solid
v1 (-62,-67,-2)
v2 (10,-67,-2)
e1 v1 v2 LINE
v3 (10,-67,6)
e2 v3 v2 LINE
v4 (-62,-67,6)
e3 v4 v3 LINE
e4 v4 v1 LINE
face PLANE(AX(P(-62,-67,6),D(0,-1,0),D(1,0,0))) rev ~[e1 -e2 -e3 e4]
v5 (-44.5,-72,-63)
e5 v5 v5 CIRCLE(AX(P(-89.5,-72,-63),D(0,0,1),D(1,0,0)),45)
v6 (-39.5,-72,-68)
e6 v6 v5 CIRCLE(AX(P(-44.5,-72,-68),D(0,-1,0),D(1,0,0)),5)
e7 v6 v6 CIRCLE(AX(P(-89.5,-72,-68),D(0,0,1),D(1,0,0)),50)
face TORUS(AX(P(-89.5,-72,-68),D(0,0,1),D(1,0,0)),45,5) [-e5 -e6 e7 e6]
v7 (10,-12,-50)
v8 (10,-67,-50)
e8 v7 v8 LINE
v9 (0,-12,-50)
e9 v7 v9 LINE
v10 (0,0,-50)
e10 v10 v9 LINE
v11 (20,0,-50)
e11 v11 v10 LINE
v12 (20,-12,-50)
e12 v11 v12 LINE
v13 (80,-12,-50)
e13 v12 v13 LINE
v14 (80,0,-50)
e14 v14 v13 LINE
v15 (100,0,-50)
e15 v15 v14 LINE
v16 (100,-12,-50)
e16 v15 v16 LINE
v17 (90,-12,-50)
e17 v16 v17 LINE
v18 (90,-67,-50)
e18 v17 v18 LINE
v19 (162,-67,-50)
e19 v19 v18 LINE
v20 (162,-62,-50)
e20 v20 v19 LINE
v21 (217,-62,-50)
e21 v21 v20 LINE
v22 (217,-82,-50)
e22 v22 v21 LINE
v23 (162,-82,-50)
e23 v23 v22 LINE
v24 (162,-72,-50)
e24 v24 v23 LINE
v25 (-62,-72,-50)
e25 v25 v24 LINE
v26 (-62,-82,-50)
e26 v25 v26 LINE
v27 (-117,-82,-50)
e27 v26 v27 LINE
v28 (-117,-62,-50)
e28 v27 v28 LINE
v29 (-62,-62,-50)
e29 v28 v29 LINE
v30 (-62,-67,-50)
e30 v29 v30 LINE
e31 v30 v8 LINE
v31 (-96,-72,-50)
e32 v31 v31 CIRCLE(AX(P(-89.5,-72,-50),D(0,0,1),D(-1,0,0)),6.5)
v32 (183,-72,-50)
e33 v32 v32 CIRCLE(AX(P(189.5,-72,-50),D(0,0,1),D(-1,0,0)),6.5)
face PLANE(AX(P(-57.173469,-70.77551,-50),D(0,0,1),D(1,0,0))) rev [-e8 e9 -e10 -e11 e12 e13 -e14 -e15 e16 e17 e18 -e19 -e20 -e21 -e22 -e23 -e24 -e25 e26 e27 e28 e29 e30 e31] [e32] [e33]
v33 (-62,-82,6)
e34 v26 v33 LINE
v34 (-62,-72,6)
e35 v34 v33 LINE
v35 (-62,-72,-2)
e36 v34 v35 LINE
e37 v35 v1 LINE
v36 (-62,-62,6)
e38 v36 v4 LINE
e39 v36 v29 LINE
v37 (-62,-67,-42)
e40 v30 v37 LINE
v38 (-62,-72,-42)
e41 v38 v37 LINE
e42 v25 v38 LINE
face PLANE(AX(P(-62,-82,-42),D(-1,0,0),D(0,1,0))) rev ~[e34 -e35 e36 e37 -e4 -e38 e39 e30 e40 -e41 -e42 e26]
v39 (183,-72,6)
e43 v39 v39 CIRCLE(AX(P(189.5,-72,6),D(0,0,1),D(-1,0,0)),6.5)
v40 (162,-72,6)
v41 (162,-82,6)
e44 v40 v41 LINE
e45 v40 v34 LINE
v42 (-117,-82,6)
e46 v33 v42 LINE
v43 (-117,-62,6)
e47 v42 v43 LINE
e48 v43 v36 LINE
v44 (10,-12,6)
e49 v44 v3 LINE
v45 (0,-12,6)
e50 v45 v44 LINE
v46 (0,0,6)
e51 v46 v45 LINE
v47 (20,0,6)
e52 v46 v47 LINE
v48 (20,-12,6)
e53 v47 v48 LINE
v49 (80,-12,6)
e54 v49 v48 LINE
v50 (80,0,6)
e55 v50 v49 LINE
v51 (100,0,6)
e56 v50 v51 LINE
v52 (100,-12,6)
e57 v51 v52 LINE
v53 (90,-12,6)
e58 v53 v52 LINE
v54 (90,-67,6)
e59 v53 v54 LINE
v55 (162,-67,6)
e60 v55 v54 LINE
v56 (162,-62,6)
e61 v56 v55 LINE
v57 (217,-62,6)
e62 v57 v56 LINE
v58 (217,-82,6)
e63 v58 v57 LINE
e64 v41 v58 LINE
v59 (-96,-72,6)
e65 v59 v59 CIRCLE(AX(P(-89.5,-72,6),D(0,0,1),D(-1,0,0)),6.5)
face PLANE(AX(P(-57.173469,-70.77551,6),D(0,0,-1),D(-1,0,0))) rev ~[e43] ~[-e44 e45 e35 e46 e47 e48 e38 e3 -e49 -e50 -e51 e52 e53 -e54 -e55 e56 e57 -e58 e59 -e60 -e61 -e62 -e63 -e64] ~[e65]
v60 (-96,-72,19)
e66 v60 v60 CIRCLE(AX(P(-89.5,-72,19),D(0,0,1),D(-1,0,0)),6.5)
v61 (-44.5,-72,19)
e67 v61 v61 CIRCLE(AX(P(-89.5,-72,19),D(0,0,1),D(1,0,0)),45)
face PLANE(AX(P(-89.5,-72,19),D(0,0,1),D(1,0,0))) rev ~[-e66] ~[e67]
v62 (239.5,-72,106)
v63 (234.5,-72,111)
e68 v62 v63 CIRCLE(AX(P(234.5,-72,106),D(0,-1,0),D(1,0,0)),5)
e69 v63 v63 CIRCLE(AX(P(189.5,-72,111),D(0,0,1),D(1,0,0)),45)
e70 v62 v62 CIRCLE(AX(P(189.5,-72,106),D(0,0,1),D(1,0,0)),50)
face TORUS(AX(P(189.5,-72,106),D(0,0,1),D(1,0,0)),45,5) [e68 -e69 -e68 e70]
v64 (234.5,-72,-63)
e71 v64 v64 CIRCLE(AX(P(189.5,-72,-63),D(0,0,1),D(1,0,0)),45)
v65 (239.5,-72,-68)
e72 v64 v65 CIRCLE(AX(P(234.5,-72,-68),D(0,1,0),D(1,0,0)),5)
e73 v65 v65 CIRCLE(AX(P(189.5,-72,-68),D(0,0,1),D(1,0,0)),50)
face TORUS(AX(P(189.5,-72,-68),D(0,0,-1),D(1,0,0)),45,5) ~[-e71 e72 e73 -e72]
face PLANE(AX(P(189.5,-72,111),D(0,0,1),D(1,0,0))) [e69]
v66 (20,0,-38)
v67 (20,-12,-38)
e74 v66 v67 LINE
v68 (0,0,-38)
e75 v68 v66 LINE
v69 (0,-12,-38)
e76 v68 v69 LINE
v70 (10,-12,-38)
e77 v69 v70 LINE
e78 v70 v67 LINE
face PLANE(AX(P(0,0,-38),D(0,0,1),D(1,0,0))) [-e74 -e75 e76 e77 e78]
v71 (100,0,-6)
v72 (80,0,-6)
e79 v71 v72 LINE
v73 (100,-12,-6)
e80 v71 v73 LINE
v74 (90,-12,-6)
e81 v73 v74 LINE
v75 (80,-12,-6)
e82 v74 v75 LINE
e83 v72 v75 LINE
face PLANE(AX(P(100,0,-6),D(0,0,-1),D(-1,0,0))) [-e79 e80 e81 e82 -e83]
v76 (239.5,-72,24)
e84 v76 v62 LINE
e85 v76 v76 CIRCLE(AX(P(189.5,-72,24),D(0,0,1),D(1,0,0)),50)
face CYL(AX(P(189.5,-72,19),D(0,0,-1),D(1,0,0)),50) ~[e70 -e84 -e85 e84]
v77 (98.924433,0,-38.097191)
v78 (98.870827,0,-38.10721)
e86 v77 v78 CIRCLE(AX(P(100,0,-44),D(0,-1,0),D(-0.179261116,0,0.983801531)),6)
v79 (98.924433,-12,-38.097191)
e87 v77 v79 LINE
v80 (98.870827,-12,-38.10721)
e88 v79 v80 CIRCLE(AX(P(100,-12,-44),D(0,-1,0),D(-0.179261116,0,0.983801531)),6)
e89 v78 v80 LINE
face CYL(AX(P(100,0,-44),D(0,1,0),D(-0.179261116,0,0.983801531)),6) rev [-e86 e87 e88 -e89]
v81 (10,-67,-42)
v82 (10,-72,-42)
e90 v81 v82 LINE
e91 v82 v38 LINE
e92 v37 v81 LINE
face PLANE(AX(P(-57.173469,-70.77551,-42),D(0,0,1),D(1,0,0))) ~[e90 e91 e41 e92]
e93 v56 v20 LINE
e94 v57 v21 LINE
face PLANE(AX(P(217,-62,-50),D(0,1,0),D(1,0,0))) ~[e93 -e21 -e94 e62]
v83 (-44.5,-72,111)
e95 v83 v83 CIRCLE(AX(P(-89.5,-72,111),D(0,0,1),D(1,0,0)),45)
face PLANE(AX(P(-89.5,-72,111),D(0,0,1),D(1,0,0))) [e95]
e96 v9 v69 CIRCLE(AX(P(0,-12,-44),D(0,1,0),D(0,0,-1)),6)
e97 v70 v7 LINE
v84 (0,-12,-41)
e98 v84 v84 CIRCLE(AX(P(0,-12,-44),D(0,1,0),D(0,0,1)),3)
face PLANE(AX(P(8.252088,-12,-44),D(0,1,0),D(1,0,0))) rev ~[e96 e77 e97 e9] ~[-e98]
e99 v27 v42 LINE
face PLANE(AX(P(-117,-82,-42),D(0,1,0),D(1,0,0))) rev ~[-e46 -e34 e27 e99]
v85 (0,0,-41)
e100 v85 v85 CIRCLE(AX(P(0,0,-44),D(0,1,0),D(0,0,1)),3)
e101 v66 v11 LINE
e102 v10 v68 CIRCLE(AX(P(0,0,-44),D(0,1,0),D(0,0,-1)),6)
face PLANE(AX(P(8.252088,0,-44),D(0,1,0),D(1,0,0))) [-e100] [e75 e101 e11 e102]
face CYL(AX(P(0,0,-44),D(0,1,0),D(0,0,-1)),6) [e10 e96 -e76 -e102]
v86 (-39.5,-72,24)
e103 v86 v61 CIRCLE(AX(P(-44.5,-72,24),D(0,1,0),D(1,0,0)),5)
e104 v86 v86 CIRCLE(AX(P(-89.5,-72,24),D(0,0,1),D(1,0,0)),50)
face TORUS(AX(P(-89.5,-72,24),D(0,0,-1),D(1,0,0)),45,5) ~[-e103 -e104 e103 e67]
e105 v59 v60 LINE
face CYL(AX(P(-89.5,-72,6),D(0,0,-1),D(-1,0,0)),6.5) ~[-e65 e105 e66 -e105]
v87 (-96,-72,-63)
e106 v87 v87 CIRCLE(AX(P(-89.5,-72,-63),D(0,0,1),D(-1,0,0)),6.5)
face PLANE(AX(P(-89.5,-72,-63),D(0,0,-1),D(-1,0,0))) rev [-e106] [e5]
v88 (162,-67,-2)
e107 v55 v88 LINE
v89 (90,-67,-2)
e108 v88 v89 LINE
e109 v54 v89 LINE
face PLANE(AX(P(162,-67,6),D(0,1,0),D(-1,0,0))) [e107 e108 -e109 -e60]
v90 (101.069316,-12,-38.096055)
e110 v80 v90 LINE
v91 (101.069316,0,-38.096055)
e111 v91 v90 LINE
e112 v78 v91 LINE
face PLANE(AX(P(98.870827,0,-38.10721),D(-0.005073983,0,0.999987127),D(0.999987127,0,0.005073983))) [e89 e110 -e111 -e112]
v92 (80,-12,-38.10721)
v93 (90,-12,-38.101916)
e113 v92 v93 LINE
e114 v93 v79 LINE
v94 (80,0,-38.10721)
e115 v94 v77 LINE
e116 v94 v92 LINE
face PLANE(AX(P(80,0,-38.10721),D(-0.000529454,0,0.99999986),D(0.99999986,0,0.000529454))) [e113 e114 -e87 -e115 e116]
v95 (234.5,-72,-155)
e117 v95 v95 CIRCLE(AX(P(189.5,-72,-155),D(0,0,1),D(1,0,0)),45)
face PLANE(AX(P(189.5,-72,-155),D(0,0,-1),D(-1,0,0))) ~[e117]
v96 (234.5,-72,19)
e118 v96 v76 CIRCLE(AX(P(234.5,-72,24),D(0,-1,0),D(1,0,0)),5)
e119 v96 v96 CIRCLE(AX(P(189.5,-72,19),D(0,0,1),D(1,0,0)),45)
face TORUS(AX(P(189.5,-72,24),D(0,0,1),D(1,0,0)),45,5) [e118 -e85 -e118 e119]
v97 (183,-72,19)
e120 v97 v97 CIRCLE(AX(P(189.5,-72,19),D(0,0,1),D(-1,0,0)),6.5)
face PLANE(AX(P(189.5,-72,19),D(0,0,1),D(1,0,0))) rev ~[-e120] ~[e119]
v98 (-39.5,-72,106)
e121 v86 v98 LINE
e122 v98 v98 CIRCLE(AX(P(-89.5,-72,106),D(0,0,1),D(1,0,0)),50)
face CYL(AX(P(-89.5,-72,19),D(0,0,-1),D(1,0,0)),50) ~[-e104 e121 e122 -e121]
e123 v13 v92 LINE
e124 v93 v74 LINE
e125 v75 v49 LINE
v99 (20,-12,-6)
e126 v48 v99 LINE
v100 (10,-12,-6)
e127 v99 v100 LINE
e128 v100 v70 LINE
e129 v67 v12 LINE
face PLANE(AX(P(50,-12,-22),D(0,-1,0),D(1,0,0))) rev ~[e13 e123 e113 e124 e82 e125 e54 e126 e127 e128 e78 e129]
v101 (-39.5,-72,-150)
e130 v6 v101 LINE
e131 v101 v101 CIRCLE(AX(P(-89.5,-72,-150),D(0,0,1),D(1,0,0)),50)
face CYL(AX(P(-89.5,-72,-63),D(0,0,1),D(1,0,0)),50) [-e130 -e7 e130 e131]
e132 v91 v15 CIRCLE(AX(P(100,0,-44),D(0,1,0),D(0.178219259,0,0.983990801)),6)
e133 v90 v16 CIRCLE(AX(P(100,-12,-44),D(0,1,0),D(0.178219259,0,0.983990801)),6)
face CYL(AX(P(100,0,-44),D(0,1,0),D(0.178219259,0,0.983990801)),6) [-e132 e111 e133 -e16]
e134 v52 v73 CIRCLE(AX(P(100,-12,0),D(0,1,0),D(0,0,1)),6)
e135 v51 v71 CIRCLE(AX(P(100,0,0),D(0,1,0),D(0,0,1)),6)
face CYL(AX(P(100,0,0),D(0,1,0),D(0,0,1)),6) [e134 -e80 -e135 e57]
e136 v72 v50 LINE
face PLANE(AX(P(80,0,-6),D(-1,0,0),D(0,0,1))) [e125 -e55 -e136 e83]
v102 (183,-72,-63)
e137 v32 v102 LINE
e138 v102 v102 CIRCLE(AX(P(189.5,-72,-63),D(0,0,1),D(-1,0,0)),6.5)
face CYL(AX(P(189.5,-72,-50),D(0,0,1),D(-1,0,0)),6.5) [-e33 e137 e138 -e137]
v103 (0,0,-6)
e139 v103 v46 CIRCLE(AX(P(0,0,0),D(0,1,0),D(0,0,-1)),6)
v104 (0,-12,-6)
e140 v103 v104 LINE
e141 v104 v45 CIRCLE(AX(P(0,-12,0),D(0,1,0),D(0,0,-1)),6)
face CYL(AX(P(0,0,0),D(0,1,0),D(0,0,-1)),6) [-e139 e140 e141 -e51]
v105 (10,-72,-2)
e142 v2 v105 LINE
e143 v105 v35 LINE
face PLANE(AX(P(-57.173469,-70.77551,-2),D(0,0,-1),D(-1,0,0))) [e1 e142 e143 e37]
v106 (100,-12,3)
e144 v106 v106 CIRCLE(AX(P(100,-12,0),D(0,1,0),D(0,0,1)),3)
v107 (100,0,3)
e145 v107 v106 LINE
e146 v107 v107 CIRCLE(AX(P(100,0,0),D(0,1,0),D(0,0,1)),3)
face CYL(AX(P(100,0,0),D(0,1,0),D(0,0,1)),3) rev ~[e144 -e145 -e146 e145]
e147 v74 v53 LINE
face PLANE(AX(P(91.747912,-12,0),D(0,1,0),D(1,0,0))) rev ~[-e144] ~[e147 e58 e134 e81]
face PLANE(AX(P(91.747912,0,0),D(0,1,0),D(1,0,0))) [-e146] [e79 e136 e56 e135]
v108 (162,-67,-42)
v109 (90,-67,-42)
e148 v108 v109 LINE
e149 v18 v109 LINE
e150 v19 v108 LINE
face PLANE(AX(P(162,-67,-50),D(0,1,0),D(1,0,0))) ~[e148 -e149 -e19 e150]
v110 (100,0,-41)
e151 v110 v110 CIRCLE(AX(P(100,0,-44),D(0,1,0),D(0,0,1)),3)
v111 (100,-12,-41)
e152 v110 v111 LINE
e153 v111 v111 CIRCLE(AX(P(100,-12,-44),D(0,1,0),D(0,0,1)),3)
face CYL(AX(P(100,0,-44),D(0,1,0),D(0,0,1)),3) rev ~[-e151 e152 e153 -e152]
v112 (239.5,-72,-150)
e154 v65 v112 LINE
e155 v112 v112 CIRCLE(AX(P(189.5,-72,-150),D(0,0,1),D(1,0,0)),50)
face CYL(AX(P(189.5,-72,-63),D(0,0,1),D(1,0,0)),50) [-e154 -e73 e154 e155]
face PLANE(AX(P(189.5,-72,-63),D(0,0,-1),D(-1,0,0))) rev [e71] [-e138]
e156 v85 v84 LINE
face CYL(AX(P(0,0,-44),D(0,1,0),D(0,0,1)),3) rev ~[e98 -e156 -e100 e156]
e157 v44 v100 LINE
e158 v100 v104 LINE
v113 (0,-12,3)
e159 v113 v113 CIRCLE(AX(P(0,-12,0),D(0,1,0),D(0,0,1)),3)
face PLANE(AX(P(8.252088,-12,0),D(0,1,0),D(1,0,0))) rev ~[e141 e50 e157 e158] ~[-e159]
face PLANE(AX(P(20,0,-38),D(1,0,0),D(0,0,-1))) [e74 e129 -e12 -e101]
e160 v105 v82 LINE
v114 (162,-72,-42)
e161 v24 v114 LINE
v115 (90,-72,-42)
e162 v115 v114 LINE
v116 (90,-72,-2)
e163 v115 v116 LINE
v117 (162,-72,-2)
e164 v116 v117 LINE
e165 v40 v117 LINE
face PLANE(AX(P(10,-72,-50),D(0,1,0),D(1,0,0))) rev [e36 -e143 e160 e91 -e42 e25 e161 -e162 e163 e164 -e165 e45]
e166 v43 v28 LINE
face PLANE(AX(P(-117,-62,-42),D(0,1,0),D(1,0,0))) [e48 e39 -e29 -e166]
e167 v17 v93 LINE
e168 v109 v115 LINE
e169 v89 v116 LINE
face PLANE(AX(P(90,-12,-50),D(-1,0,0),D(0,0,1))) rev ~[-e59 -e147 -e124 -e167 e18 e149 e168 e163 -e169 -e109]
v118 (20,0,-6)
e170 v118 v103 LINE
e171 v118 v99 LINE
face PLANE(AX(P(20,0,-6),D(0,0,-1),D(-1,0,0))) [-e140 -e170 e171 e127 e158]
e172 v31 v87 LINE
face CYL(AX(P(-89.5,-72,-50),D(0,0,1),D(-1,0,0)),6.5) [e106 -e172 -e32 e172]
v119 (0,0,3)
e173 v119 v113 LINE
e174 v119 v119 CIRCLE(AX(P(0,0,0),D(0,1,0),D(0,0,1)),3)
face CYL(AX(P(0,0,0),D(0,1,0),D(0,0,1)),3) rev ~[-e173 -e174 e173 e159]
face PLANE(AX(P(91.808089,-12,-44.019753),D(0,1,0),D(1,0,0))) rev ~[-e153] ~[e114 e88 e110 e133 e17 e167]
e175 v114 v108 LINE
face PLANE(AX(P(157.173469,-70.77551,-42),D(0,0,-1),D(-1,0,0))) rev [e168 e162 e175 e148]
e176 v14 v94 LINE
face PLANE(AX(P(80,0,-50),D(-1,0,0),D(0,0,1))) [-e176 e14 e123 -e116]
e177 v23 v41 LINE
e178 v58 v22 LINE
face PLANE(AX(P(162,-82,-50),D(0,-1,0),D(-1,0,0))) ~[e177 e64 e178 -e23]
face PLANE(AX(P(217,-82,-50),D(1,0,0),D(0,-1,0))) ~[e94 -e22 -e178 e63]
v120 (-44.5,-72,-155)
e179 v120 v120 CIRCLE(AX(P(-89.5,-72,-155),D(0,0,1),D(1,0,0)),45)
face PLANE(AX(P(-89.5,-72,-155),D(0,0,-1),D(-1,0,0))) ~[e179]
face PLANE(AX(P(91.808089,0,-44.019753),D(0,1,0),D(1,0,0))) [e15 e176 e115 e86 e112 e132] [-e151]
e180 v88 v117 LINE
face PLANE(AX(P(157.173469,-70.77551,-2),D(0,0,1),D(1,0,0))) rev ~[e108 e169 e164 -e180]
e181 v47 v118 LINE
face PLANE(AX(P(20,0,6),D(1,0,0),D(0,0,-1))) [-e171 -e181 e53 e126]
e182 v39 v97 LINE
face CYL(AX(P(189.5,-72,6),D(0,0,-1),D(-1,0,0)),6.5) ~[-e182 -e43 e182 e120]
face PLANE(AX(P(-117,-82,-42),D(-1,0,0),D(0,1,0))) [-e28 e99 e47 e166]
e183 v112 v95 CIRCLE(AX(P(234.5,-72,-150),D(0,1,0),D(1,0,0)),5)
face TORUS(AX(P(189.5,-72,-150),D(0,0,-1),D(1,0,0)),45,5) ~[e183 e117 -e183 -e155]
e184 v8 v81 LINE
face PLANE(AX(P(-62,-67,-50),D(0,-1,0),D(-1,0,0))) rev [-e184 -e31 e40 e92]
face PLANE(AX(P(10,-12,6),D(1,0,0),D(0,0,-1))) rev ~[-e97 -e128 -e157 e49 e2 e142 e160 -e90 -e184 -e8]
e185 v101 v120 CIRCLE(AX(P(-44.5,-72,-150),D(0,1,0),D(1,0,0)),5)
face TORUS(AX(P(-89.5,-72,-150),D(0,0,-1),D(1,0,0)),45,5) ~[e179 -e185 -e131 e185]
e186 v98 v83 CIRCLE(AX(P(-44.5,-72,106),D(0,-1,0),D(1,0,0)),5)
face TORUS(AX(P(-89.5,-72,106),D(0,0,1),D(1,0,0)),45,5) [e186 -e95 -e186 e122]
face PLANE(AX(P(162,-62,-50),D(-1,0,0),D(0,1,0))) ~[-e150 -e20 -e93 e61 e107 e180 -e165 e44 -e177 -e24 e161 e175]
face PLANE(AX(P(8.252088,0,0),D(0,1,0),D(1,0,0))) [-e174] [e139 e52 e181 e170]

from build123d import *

# Parameters (mm, degrees)
SKETCH1_R             = 3
BOSS_EXTRUDE1_DEPTH   = 12
BOSS_EXTRUDE1_2_DEPTH = 12
BOSS_EXTRUDE1_3_DEPTH = 12
BOSS_EXTRUDE1_4_DEPTH = 12
BOSS_EXTRUDE2_DEPTH   = 60
BOSS_EXTRUDE3_DEPTH   = 8
SKETCH4_W             = 55
SKETCH4_H             = 20
BOSS_EXTRUDE4_DEPTH   = 48
SKETCH5_R             = 6.5
BOSS_EXTRUDE5_DEPTH   = 13
SKETCH6_R             = 50
BOSS_EXTRUDE6_DEPTH   = 92
FILLET2_R             = 5
FILLET2_OF_MIRROR2_R  = 5


with BuildPart() as part:
    # Sketch1 → Boss-Extrude1 (new body)
    with BuildSketch(Plane(origin=(0, 0, 0), x_dir=(1, 0, 0), z_dir=(0, 1, 0))):
        with BuildLine():
            Line((20, 50), (0, 50))
            ThreePointArc((0, 50), (-6, 44), (0, 38))
            Line((0, 38), (20, 38))
            Line((20, 38), (20, 50))
        make_face()
        with Locations(Location((0, 44, 0), (0, 0, 270))):
            Circle(SKETCH1_R, mode=Mode.SUBTRACT)
    extrude(amount=-BOSS_EXTRUDE1_DEPTH)



with BuildPart() as body_2:
    # Sketch1 → Boss-Extrude1 2 (new body)
    with BuildSketch(Plane(origin=(0, 0, 0), x_dir=(1, 0, 0), z_dir=(0, 1, 0))):
        with BuildLine():
            Line((20, 6), (0, 6))
            ThreePointArc((0, 6), (-6, 0), (0, -6))
            Line((0, -6), (20, -6))
            Line((20, -6), (20, 6))
        make_face()
        with Locations(Location((0, 0, 0), (0, 0, 270))):
            Circle(SKETCH1_R, mode=Mode.SUBTRACT)
    extrude(amount=-BOSS_EXTRUDE1_2_DEPTH)


with BuildPart() as body_3:
    # Sketch1 → Boss-Extrude1 3 (new body)
    with BuildSketch(Plane(origin=(0, 0, 0), x_dir=(1, 0, 0), z_dir=(0, 1, 0))):
        with BuildLine():
            ThreePointArc((101.069315555, 38.096055196), (105.975937952, 44.536810571), (100, 50))
            Line((100, 50), (80, 50))
            Line((80, 50), (80, 38.107210431))
            Line((80, 38.107210431), (98.924433311, 38.097190813))
            ThreePointArc((98.924433311, 38.097190813), (98.897618898, 38.102139718), (98.870827252, 38.107210431))
            Line((98.870827252, 38.107210431), (101.069315555, 38.096055196))
        make_face()
        with Locations(Location((100, 44, 0), (0, 0, 270))):
            Circle(SKETCH1_R, mode=Mode.SUBTRACT)
    extrude(amount=-BOSS_EXTRUDE1_3_DEPTH)


with BuildPart() as body_4:
    # Sketch1 → Boss-Extrude1 4 (new body)
    with BuildSketch(Plane(origin=(0, 0, 0), x_dir=(1, 0, 0), z_dir=(0, 1, 0))):
        with BuildLine():
            ThreePointArc((100, -6), (106, 0), (100, 6))
            Line((100, 6), (80, 6))
            Line((80, 6), (80, -6))
            Line((80, -6), (100, -6))
        make_face()
        with Locations(Location((100, 0, 0), (0, 0, 270))):
            Circle(SKETCH1_R, mode=Mode.SUBTRACT)
    extrude(amount=-BOSS_EXTRUDE1_4_DEPTH)


with BuildPart() as part_1:
    add(part.part)

    add(body_2.part)  # Boss-Extrude2 merges body 2

    add(body_3.part)  # Boss-Extrude2 merges body 3

    add(body_4.part)  # Boss-Extrude2 merges body 4
    # Sketch2 → Boss-Extrude2 (add)
    with BuildSketch(Plane.XZ.offset(12)):
        Polygon((20, 6), (10, 6), (10, -50), (90, -50), (90, 6), (80, 6), align=None)
    extrude(amount=BOSS_EXTRUDE2_DEPTH)

    # Sketch3 → Boss-Extrude3 (add)
    with BuildSketch(Plane.XY.offset(6)):
        Polygon((10, -72), (-62, -72), (-62, -82), (-117, -82), (-117, -62), (-62, -62), (-62, -67), (10, -67), align=None)
        Polygon((90, -67), (90, -72), (162, -72), (162, -82), (217, -82), (217, -62), (162, -62), (162, -67), align=None)
    boss_extrude3 = extrude(amount=-BOSS_EXTRUDE3_DEPTH)

    # Mirror1: Boss-Extrude3 across plane
    add(boss_extrude3.mirror(Plane.XY.offset(-22)))

    # Sketch4 → Boss-Extrude4 (add)
    with BuildSketch(Plane.XY.offset(-42)):
        with Locations((-89.5, -72)):
            Rectangle(SKETCH4_W, SKETCH4_H)
        with Locations((189.5, -72)):
            Rectangle(SKETCH4_W, SKETCH4_H)
    extrude(amount=BOSS_EXTRUDE4_DEPTH)

    # Sketch5 → Boss-Extrude5 (add)
    with BuildSketch(Plane.XY.offset(6)):
        with Locations(Location((-89.5, -72, 0), (0, 0, 180))):
            Circle(SKETCH5_R)
        with Locations(Location((189.5, -72, 0), (0, 0, 180))):
            Circle(SKETCH5_R)
    boss_extrude5 = extrude(amount=BOSS_EXTRUDE5_DEPTH)

    # Sketch6 → Boss-Extrude6 (add)
    with BuildSketch(Plane.XY.offset(19)):
        with Locations((-89.5, -72)):
            Circle(SKETCH6_R)
        with Locations((189.5, -72)):
            Circle(SKETCH6_R)
    boss_extrude6 = extrude(amount=BOSS_EXTRUDE6_DEPTH)

    # Fillet2
    fillet2_edges = [part_1.edges().sort_by_distance(p)[0] for p in [
        (-139.5, -72, 19),
        (-139.5, -72, 111),
        (139.5, -72, 19),
        (139.5, -72, 111),
    ]]
    fillet(fillet2_edges, radius=FILLET2_R)

    # Mirror2: Boss-Extrude5, Boss-Extrude6 across plane
    add(boss_extrude5.mirror(Plane.XY.offset(-22)))
    add(boss_extrude6.mirror(Plane.XY.offset(-22)))

    # Fillet2 of Mirror2
    fillet2_of_mirror2_edges = [part_1.edges().sort_by_distance(p)[0] for p in [
        (-139.5, -72, -63),
        (-139.5, -72, -155),
        (139.5, -72, -63),
        (139.5, -72, -155),
    ]]
    fillet(fillet2_of_mirror2_edges, radius=FILLET2_OF_MIRROR2_R)


solid = part_1.part
